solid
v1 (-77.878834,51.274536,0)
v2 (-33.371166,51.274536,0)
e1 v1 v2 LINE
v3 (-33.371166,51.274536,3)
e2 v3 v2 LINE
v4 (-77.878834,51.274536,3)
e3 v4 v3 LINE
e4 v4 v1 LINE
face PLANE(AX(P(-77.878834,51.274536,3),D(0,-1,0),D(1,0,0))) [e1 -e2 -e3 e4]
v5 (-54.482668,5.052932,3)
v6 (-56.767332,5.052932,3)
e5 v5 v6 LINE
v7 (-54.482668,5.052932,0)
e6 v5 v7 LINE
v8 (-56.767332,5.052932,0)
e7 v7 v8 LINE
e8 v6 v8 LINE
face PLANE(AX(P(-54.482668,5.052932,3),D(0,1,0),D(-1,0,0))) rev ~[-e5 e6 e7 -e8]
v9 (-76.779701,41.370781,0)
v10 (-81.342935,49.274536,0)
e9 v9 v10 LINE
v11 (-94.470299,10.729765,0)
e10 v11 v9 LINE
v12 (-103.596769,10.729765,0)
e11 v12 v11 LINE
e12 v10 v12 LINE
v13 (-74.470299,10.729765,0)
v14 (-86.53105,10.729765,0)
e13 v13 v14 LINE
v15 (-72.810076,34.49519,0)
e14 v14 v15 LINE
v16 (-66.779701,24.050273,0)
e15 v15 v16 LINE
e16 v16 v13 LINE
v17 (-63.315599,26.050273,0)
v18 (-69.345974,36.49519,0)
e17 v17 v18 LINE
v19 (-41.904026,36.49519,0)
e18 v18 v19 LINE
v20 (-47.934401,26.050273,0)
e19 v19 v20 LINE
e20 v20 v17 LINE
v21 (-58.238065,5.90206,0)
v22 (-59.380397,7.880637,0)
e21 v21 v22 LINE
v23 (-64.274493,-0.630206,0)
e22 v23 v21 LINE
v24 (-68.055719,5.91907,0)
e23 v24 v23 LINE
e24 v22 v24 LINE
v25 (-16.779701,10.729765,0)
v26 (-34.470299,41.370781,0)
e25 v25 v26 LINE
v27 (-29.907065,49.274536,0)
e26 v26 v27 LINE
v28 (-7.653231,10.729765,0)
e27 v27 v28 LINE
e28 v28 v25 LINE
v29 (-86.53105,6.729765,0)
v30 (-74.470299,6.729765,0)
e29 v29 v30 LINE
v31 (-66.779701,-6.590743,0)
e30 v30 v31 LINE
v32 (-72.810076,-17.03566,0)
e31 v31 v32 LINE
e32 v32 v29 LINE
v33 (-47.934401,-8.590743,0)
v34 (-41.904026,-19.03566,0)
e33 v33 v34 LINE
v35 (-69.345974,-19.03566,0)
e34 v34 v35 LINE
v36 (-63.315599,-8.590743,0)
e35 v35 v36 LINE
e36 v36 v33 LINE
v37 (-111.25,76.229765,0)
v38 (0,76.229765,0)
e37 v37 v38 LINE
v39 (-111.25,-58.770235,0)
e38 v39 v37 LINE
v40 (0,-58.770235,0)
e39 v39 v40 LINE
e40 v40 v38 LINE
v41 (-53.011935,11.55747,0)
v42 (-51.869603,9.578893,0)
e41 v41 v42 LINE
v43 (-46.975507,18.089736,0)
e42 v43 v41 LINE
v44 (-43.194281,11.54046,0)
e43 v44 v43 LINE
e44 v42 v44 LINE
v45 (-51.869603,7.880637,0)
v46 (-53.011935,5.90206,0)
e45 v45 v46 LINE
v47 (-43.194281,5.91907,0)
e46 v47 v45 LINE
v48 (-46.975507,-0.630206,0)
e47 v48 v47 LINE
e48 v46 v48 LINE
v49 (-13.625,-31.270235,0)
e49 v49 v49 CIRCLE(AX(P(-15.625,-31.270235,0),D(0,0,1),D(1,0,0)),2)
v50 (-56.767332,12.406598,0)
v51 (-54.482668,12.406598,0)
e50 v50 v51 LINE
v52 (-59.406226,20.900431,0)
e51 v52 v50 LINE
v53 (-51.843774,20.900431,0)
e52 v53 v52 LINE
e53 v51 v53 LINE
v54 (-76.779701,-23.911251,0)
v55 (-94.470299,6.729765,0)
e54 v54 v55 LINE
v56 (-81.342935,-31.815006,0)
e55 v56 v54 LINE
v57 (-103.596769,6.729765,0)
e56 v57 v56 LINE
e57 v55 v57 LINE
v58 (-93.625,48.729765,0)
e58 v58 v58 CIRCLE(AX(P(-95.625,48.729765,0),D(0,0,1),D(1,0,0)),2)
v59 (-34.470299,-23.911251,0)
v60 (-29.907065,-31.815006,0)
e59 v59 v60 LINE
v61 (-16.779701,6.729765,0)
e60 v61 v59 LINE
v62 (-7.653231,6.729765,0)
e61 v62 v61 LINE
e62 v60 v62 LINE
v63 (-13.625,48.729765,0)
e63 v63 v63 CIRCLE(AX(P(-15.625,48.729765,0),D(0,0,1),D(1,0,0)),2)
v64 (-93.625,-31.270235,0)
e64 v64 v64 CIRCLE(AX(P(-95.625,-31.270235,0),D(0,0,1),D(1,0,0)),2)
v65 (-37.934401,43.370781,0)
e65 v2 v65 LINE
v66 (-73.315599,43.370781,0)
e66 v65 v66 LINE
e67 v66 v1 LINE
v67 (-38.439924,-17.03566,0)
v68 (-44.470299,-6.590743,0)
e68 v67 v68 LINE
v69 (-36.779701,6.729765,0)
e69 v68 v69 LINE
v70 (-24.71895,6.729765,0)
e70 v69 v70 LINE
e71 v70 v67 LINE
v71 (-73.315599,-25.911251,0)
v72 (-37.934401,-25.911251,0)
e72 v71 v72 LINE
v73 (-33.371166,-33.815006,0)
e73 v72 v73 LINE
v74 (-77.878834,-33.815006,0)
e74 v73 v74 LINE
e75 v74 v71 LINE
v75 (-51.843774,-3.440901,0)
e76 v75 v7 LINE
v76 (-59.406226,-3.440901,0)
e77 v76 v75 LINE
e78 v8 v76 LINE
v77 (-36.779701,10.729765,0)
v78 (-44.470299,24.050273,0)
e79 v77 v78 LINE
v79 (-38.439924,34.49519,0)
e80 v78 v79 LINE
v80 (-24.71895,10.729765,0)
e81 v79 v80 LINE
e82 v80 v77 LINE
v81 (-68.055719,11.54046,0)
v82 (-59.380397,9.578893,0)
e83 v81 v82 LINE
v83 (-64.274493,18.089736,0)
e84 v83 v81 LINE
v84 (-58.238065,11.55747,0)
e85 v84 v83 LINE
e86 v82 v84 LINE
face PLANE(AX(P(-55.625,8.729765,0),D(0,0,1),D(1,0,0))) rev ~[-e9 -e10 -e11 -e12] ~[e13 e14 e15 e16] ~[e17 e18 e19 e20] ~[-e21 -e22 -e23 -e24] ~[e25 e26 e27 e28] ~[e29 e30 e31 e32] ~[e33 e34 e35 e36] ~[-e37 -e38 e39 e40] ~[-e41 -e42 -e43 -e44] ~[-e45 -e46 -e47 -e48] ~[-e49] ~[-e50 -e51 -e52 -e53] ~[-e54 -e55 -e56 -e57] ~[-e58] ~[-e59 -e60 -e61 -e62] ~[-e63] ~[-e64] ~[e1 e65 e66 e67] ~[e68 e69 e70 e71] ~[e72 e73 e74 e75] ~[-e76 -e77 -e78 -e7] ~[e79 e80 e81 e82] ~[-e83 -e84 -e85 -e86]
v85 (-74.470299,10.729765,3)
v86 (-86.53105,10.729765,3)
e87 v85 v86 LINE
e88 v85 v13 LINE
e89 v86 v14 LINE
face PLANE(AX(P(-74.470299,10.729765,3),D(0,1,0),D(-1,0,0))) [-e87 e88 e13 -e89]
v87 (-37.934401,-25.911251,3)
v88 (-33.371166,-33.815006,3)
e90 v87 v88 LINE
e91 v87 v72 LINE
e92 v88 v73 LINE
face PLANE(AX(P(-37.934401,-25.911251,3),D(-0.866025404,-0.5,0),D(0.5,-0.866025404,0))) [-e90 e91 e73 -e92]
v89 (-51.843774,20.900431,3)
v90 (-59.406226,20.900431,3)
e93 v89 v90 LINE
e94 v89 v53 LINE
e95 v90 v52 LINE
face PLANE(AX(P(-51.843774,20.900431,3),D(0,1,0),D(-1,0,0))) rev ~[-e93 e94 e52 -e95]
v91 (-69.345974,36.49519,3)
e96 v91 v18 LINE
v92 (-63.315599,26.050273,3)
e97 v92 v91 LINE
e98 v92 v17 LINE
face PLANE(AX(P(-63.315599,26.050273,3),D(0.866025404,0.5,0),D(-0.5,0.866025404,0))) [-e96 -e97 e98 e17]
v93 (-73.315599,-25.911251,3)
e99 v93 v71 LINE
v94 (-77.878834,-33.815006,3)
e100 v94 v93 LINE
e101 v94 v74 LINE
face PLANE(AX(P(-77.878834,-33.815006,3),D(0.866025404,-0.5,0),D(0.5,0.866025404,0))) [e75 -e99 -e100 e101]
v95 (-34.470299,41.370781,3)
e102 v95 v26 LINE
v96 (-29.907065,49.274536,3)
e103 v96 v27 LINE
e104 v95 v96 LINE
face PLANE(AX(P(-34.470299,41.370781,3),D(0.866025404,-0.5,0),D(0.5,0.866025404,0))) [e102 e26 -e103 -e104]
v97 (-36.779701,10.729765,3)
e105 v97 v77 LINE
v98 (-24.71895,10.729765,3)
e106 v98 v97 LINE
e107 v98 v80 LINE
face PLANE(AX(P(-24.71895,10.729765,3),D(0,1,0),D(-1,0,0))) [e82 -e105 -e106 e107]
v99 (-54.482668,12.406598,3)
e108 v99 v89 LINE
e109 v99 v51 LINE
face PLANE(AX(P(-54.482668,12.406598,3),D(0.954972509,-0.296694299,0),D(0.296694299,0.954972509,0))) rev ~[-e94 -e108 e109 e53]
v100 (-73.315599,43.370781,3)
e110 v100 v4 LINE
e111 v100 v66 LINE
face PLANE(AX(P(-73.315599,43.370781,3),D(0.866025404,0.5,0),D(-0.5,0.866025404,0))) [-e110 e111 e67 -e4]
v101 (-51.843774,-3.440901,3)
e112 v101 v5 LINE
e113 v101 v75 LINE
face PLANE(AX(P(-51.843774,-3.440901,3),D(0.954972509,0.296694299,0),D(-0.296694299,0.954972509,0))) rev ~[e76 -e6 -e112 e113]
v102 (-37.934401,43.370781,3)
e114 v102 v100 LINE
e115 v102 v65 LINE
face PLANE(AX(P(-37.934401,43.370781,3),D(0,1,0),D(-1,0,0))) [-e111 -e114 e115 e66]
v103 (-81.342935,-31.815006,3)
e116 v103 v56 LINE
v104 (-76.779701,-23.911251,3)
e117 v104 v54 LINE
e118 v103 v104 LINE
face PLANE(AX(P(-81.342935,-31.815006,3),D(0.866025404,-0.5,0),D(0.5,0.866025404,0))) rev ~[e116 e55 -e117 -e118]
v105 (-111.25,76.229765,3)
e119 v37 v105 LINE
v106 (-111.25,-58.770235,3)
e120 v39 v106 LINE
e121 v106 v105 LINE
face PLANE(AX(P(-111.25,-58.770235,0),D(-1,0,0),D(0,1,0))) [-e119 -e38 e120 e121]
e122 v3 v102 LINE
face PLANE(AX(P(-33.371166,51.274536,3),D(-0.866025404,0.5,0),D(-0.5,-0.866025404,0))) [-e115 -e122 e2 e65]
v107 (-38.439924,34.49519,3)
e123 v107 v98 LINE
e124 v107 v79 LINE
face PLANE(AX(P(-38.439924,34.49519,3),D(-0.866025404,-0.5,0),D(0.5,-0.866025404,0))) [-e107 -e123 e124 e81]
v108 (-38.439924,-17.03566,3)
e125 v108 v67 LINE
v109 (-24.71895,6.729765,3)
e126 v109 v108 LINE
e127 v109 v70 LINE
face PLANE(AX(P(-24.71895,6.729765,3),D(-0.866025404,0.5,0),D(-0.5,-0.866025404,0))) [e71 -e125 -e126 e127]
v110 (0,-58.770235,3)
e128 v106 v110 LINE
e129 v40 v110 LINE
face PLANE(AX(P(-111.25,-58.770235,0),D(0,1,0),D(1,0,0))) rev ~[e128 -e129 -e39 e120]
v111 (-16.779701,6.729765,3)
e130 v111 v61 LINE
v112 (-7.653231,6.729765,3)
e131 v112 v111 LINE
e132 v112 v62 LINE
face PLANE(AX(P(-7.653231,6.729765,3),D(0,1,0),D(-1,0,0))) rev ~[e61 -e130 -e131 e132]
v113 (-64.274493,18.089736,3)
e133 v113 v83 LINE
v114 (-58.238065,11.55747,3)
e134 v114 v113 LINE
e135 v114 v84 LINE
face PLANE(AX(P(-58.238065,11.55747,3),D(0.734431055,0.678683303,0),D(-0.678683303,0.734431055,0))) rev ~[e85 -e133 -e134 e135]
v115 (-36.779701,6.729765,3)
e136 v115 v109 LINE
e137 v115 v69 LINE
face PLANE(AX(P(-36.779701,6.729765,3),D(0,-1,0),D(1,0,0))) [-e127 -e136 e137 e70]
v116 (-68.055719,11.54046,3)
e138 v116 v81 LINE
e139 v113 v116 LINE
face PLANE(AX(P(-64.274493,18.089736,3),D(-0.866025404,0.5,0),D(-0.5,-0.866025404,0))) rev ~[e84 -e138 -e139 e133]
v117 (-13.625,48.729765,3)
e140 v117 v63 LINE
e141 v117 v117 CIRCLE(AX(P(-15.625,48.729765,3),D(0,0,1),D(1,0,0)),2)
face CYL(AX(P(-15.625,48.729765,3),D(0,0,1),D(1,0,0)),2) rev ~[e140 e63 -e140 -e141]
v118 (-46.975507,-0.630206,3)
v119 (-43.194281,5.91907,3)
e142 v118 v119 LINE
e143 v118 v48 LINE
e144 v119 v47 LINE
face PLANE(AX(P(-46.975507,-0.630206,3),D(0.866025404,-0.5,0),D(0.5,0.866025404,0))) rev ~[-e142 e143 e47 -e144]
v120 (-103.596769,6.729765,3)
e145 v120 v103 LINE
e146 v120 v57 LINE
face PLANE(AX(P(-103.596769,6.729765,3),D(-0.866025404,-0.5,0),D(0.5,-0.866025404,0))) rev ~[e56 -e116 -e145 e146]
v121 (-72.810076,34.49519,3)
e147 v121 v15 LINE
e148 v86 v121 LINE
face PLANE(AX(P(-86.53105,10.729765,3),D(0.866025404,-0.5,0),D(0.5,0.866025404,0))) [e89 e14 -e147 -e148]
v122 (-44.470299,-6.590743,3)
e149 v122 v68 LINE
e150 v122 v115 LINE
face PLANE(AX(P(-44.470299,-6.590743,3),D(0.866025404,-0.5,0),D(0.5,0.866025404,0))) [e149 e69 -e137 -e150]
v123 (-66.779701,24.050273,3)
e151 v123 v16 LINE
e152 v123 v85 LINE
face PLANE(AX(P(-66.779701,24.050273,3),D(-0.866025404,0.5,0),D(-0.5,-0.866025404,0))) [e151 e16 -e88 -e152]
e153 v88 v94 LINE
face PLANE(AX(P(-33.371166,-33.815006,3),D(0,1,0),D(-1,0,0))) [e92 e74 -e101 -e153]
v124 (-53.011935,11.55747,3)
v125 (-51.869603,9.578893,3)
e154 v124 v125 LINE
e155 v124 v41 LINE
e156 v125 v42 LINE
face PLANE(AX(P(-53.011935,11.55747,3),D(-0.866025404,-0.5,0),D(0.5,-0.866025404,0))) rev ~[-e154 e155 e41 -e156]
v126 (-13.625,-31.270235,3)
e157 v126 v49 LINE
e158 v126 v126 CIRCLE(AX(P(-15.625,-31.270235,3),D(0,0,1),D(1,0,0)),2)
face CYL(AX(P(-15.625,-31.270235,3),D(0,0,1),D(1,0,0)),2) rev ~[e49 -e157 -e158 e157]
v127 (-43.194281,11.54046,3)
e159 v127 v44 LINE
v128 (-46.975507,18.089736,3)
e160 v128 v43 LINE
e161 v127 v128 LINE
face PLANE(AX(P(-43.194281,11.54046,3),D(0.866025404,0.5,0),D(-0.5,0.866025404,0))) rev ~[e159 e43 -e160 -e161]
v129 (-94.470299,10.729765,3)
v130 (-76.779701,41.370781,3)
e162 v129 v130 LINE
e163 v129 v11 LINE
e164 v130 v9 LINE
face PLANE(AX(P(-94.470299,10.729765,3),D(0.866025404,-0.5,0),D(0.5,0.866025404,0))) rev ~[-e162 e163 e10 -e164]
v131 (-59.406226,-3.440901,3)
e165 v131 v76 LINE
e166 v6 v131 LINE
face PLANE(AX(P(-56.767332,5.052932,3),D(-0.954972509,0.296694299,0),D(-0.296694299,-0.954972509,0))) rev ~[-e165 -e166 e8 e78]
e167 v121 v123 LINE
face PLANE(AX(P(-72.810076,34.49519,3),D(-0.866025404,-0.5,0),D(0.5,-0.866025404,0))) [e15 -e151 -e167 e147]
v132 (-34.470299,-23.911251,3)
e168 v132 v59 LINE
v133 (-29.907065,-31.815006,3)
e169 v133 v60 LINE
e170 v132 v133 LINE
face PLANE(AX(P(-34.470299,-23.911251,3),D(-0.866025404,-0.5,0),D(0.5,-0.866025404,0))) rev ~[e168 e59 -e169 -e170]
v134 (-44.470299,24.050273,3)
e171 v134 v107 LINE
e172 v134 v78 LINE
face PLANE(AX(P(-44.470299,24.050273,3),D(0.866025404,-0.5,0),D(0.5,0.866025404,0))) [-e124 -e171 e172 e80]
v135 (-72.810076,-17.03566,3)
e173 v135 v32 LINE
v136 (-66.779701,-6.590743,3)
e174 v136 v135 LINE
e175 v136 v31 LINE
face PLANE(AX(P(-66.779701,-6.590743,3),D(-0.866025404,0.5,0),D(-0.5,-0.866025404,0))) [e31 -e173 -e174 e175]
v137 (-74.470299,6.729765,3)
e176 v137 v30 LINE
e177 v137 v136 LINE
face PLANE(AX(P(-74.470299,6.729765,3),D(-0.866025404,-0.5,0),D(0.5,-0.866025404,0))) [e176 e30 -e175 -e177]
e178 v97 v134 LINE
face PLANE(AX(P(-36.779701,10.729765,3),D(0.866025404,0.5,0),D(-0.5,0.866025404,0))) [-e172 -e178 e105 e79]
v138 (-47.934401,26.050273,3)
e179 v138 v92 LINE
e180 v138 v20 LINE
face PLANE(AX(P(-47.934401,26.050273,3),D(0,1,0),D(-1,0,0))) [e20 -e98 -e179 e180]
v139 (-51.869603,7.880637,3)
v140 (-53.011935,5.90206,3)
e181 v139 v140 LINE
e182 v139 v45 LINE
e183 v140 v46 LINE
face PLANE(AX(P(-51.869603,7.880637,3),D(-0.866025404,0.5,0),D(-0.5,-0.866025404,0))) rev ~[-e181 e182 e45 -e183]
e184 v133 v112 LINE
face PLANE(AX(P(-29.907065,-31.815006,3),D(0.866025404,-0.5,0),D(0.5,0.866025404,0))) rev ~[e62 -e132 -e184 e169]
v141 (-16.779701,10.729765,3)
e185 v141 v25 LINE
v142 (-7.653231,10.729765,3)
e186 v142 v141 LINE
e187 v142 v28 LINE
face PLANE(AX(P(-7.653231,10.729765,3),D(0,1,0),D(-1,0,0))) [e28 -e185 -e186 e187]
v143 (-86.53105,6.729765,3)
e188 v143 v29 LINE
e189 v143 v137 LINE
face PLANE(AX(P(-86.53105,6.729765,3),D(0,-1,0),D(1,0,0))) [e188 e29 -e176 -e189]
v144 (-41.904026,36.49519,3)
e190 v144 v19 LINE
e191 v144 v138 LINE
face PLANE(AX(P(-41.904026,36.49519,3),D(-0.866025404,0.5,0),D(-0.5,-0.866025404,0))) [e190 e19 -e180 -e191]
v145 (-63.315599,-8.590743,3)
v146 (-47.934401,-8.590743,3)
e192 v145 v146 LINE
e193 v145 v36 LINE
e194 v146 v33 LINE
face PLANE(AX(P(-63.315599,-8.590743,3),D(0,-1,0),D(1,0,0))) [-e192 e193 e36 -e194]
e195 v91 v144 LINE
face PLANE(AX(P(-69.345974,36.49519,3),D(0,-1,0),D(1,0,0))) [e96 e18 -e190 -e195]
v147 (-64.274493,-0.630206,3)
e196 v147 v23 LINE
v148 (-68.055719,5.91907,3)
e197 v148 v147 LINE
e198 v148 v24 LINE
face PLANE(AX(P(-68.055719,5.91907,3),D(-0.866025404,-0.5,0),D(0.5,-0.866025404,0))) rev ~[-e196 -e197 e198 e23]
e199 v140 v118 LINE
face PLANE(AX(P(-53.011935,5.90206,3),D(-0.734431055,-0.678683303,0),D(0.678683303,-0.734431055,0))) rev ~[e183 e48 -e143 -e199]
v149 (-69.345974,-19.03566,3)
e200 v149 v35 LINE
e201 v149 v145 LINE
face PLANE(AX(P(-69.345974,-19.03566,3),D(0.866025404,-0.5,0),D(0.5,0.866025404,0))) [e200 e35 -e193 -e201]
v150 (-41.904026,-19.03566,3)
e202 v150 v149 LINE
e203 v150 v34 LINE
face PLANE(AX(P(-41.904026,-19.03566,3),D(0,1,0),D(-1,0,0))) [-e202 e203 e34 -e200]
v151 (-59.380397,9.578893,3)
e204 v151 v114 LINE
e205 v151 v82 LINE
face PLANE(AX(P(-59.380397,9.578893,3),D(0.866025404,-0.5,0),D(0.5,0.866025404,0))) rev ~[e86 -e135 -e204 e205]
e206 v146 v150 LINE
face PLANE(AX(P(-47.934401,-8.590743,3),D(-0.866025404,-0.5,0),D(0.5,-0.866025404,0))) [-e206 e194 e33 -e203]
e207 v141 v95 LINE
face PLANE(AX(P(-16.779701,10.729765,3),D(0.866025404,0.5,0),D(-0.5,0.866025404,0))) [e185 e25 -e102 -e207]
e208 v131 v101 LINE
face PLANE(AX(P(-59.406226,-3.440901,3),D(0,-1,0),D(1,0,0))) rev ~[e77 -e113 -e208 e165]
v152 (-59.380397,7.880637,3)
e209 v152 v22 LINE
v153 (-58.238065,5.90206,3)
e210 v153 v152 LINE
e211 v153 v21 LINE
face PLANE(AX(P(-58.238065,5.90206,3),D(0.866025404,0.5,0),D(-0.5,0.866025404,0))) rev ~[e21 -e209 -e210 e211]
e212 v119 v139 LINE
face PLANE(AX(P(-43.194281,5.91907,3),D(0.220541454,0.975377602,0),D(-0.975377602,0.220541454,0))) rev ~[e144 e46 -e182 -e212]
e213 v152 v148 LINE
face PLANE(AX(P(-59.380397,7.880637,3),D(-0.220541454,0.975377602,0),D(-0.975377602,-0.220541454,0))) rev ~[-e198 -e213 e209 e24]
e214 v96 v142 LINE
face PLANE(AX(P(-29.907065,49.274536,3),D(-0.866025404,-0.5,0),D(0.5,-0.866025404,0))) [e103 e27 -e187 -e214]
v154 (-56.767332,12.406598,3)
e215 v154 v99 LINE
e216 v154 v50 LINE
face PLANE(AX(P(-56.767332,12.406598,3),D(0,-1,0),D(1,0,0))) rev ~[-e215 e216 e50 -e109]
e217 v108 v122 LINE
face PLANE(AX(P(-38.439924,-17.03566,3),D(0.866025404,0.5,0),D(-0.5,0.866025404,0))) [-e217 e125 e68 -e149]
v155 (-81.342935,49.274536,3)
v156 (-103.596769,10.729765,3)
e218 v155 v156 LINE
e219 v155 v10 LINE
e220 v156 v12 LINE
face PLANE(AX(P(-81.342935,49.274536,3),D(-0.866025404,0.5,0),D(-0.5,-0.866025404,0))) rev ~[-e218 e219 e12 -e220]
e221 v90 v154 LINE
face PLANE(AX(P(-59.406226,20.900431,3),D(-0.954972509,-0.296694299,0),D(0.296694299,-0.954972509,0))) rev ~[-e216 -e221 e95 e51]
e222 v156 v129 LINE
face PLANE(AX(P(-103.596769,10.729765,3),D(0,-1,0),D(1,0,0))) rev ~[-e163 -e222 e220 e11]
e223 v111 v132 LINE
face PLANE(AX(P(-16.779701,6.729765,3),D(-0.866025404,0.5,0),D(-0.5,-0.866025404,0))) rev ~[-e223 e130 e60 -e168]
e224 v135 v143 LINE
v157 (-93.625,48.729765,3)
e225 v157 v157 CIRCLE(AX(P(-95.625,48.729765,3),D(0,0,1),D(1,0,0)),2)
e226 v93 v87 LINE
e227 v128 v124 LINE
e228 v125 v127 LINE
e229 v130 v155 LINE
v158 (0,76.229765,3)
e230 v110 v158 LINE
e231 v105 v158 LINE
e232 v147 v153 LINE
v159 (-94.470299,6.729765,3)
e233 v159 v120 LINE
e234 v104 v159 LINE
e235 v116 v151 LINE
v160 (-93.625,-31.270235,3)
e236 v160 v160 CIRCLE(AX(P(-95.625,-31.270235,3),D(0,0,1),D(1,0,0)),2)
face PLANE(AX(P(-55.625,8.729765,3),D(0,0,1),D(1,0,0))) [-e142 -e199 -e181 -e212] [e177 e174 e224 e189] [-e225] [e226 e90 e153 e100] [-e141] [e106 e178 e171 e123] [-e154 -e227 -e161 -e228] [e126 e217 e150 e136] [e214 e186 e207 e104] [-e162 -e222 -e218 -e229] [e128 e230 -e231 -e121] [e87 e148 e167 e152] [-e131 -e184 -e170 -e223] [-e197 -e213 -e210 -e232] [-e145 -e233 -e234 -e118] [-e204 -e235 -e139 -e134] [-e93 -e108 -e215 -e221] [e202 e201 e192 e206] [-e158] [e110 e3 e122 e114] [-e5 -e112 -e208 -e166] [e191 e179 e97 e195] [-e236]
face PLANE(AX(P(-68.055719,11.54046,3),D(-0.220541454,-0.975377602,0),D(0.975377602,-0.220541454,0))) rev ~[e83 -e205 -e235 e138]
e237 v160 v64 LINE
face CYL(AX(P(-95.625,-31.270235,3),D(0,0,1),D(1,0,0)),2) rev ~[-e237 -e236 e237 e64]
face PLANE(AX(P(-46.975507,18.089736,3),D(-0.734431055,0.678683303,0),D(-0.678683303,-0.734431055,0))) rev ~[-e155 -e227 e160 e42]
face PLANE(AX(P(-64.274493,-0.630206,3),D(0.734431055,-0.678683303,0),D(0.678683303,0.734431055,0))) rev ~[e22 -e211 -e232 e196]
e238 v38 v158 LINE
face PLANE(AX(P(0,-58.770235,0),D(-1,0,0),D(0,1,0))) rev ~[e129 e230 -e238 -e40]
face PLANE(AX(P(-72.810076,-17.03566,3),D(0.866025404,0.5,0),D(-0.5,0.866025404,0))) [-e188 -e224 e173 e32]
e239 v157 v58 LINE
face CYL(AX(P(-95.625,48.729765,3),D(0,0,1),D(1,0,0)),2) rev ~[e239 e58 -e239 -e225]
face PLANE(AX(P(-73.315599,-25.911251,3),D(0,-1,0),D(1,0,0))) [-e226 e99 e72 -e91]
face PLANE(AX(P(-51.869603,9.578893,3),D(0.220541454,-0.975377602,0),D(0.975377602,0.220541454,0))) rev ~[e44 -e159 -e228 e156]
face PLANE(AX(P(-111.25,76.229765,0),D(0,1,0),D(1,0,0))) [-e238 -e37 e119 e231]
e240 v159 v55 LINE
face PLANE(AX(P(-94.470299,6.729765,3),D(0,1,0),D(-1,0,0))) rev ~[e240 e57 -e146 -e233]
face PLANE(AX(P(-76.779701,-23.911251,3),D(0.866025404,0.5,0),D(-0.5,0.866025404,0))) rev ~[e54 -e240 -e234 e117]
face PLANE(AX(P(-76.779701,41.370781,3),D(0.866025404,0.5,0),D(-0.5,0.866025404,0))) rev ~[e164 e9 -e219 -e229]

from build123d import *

# Parameters (mm, degrees)
SKETCH1_W           = 111.25
SKETCH1_H           = 135
BOSS_EXTRUDE1_DEPTH = 3
SKETCH2_R           = 2
CUT_EXTRUDE2_DEPTH  = 10


with BuildPart() as part:
    # Sketch1 → Boss-Extrude1 (new body)
    with BuildSketch(Plane.XY):
        with Locations((-55.625, 8.729765013)):
            Rectangle(SKETCH1_W, SKETCH1_H)
    extrude(amount=BOSS_EXTRUDE1_DEPTH)

    # Sketch2 → Cut-Extrude2 (cut)
    with BuildSketch(Plane.XY.offset(3)):
        Polygon((-81.342935317, 49.274535649), (-103.59676902, 10.729765013), (-94.470299462, 10.729765013), (-76.779700538, 41.370781164), align=None)
        Polygon((-37.934401077, 43.370781164), (-73.315598923, 43.370781164), (-77.878833702, 51.274535649), (-33.371166298, 51.274535649), align=None)
        Polygon((-16.779700538, 10.729765013), (-34.470299462, 41.370781164), (-29.907064683, 49.274535649), (-7.65323098, 10.729765013), align=None)
        Polygon((-29.907064683, -31.815005622), (-7.65323098, 6.729765013), (-16.779700538, 6.729765013), (-34.470299462, -23.911251138), align=None)
        Polygon((-77.878833702, -33.815005622), (-73.315598923, -25.911251138), (-37.934401077, -25.911251138), (-33.371166298, -33.815005622), align=None)
        Polygon((-103.59676902, 6.729765013), (-81.342935317, -31.815005622), (-76.779700538, -23.911251138), (-94.470299462, 6.729765013), align=None)
        Polygon((-66.779700538, 24.050273089), (-74.470299462, 10.729765013), (-86.531050208, 10.729765013), (-72.810075912, 34.495189624), align=None)
        Polygon((-74.470299462, 6.729765013), (-66.779700538, -6.590743063), (-72.810075912, -17.035659598), (-86.531050208, 6.729765013), align=None)
        Polygon((-47.934401077, -8.590743063), (-41.904025704, -19.035659598), (-69.345974296, -19.035659598), (-63.315598923, -8.590743063), align=None)
        Polygon((-38.439924088, -17.035659598), (-44.470299462, -6.590743063), (-36.779700538, 6.729765013), (-24.718949792, 6.729765013), align=None)
        Polygon((-36.779700538, 10.729765013), (-44.470299462, 24.050273089), (-38.439924088, 34.495189624), (-24.718949792, 10.729765013), align=None)
        Polygon((-47.934401077, 26.050273089), (-63.315598923, 26.050273089), (-69.345974296, 36.495189624), (-41.904025704, 36.495189624), align=None)
        Polygon((-54.482668179, 12.406598332), (-51.84377359, 20.900431181), (-59.40622641, 20.900431181), (-56.767331821, 12.406598332), align=None)
        Polygon((-58.238065149, 11.557470049), (-64.274492877, 18.089736226), (-68.055719287, 11.540459968), (-59.38039697, 9.578893296), align=None)
        Polygon((-59.38039697, 7.88063673), (-68.055719287, 5.919070058), (-64.274492877, -0.630206199), (-58.238065149, 5.902059977), align=None)
        Polygon((-56.767331821, 5.052931694), (-59.40622641, -3.440901155), (-51.84377359, -3.440901155), (-54.482668179, 5.052931694), align=None)
        Polygon((-53.011934851, 5.902059977), (-46.975507123, -0.630206199), (-43.194280713, 5.919070058), (-51.86960303, 7.88063673), align=None)
        Polygon((-51.86960303, 9.578893296), (-43.194280713, 11.540459968), (-46.975507123, 18.089736226), (-53.011934851, 11.557470049), align=None)
        with Locations((-15.625, -31.270234987)):
            Circle(SKETCH2_R)
        with Locations((-95.625, -31.270234987)):
            Circle(SKETCH2_R)
        with Locations((-95.625, 48.729765013)):
            Circle(SKETCH2_R)
        with Locations((-15.625, 48.729765013)):
            Circle(SKETCH2_R)
    extrude(amount=-CUT_EXTRUDE2_DEPTH, mode=Mode.SUBTRACT)


solid = part.part
